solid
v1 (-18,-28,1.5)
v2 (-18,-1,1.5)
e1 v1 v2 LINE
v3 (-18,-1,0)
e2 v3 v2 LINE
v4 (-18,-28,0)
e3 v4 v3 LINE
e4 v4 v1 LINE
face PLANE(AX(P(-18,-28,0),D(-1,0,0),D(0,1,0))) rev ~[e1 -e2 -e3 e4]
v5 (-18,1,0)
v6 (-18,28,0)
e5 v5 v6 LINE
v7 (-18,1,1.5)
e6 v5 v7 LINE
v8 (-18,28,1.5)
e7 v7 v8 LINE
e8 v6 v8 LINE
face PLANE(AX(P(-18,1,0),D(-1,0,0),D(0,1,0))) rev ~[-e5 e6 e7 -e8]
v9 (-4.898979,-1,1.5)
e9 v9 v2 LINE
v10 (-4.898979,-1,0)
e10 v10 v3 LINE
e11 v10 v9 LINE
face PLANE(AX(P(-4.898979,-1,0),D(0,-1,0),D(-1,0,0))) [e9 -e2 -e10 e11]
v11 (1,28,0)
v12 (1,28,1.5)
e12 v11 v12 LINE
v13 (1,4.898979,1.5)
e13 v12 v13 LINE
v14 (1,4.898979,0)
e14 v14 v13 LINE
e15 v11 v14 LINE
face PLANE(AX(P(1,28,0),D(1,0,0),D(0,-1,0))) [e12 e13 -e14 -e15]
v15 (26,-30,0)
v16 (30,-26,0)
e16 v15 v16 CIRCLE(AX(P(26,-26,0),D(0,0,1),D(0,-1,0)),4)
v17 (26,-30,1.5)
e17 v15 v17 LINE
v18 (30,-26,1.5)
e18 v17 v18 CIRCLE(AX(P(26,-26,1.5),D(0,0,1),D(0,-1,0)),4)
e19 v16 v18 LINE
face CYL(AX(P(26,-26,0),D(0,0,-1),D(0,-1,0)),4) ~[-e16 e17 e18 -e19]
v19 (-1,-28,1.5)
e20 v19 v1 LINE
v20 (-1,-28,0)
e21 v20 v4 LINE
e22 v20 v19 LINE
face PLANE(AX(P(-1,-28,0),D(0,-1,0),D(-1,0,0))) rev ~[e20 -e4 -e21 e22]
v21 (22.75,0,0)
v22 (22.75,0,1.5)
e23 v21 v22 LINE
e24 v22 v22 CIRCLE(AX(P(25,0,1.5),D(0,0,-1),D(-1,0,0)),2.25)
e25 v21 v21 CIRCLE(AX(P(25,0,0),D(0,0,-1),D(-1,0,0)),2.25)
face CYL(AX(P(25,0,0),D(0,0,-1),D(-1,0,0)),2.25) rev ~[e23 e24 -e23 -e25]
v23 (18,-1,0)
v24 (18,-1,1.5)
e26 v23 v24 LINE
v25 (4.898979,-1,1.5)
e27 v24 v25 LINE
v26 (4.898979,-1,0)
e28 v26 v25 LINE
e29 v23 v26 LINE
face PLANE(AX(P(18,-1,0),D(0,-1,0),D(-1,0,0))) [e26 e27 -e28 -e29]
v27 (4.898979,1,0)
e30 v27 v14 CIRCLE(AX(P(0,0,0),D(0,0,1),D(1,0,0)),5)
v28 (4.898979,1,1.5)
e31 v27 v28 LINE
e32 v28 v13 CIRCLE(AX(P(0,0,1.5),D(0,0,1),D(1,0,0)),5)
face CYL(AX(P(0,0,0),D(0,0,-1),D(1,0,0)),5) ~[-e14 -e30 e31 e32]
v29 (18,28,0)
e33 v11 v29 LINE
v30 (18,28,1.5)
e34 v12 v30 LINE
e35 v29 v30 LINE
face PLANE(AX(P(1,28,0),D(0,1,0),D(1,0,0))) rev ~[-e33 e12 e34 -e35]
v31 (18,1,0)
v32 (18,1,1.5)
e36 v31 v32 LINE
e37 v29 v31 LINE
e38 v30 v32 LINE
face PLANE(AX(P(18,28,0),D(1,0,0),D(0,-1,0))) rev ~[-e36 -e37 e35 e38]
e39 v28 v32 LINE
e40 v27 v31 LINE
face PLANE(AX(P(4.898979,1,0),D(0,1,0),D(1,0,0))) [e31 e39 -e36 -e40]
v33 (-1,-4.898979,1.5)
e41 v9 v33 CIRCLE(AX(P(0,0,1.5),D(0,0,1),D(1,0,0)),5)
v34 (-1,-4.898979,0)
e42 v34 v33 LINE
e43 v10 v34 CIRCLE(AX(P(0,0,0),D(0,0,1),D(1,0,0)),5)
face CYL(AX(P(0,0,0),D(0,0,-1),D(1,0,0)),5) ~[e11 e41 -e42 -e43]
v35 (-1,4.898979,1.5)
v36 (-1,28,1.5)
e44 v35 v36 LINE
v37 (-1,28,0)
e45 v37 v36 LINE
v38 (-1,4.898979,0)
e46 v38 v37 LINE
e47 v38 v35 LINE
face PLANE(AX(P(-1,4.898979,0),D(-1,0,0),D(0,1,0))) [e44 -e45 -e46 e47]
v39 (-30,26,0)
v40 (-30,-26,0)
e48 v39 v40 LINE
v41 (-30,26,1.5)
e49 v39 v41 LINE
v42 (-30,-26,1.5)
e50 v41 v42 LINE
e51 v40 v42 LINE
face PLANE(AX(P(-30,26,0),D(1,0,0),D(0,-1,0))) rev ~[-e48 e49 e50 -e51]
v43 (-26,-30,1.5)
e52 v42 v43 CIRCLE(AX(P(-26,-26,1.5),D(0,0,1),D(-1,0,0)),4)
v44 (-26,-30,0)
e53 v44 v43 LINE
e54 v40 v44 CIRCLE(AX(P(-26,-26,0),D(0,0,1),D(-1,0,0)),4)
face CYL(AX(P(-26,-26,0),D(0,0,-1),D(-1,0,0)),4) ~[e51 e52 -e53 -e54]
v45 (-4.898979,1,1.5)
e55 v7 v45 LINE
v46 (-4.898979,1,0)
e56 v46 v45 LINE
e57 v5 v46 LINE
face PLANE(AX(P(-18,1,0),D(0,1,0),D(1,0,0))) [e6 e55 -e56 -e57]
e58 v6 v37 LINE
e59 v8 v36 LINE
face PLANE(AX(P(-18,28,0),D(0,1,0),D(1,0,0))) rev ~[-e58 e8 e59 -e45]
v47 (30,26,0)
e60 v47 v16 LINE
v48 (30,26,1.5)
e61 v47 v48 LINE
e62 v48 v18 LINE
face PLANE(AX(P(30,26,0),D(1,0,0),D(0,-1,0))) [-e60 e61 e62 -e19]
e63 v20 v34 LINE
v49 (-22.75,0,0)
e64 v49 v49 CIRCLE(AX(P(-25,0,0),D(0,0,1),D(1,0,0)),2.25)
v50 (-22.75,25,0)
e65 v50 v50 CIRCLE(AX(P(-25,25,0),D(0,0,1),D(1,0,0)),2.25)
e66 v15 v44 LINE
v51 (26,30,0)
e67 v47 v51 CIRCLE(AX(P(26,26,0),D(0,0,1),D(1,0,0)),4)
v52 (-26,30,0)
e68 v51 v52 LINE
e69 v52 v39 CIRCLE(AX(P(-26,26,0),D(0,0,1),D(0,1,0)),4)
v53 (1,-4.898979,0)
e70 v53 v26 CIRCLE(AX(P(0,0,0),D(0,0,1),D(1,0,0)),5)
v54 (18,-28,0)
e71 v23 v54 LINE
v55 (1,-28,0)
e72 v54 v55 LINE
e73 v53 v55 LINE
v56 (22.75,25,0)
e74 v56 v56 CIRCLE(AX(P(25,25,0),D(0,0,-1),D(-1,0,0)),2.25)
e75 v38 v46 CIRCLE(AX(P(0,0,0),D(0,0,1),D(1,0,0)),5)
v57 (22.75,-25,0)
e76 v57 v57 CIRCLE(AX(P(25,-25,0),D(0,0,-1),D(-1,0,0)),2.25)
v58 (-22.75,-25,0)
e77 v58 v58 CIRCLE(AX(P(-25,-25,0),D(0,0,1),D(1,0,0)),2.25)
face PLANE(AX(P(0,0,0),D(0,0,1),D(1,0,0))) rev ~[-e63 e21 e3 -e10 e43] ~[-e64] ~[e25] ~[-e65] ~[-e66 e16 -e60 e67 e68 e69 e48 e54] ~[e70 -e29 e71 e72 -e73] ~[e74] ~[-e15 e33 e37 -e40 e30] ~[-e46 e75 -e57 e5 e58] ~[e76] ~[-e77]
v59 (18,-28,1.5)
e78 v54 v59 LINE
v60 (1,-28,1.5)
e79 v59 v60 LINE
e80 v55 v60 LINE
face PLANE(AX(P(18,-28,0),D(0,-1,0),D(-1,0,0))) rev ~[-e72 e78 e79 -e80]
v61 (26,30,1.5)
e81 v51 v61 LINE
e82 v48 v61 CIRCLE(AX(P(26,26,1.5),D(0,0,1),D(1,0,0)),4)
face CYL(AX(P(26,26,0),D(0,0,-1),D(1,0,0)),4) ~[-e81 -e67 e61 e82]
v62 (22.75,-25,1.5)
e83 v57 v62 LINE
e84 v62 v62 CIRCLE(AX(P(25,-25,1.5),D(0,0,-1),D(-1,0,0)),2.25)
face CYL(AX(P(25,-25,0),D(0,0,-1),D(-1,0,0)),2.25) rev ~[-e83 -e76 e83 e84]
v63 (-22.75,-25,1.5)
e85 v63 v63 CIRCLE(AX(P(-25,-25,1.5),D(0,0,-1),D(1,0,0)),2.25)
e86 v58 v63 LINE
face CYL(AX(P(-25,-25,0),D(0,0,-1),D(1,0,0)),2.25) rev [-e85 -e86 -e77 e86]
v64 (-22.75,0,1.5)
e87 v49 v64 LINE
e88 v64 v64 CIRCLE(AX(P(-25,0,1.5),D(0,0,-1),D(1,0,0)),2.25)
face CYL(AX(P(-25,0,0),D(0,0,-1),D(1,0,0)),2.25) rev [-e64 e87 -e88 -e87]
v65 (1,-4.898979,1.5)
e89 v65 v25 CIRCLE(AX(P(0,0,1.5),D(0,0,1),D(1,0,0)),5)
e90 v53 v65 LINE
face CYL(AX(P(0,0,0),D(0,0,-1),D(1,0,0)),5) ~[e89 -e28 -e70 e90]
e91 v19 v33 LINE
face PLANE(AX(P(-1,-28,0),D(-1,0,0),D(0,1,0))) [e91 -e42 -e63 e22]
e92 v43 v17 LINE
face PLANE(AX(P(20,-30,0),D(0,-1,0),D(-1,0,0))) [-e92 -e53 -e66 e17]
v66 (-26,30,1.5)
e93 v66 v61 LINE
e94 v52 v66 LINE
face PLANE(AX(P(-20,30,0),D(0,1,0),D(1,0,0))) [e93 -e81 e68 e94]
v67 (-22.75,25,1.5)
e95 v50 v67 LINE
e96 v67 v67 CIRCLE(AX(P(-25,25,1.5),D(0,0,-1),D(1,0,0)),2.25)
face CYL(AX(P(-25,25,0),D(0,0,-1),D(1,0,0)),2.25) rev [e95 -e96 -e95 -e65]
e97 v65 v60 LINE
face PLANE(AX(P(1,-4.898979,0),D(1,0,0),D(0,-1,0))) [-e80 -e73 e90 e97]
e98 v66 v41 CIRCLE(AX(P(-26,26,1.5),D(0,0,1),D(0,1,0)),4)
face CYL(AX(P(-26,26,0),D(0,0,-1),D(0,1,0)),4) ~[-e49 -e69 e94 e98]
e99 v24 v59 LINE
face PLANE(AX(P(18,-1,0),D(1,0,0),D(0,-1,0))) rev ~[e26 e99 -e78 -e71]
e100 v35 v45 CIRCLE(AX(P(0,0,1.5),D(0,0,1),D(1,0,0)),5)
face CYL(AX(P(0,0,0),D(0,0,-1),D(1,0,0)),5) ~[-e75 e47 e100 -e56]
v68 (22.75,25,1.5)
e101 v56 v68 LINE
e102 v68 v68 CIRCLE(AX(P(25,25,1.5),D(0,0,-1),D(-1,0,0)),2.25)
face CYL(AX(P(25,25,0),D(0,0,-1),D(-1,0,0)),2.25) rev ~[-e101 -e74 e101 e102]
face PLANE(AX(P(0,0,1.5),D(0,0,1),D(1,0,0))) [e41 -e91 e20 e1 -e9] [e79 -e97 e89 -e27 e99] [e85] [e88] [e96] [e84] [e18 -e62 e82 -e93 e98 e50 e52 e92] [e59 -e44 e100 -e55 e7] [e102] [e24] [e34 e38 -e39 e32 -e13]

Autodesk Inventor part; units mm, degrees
ref_plane "YZ Plane" through (0, 0, 0) normal (1, 0, 0) x (0, 1, 0)
ref_plane "XZ Plane" through (0, 0, 0) normal (0, 1, 0) x (-1, 0, 0)
ref_plane "XY Plane" through (0, 0, 0) normal (0, 0, 1) x (1, 0, 0)
sketch "Sketch1" plane through (0, 0, 0) normal (0, 0, 1) x (1, 0, 0)
  line L0 (-20, 30) -> (20, 30)
  line L1 (20, 30) -> (20, -30)
  line L2 (20, -30) -> (-20, -30)
  line L3 (-20, -30) -> (-20, 30)
  line L4 (-20, 30) -> (-26, 30)
  line L5 (-30, 26) -> (-30, -26)
  line L6 (-26, -30) -> (-20, -30)
  line L7 (-20, -30) -> (-20, 30)
  line L8 (20, 30) -> (26, 30)
  line L9 (30, 26) -> (30, -26)
  line L10 (26, -30) -> (20, -30)
  line L11 (20, -30) -> (20, 30)
  line L12 (-43.9092, 0) -> (47.176, 0) construction
  circle A0 centre (-25, 0) radius 2.25
  line L13 (-30, 20) -> (30, 20) construction
  circle A1 centre (-25, 25) radius 2.25
  line L14 (-30, -20) -> (30, -20) construction
  circle A2 centre (-25, -25) radius 2.25
  line L15 (-30, 5) -> (30, 5) construction
  line L16 (-30, -5) -> (30, -5) construction
  line L17 (-28, 18) -> (-22, 18)
  line L18 (-22, 18) -> (-22, 7)
  line L19 (-22, 7) -> (-28, 7)
  line L20 (-28, 7) -> (-28, 18)
  line L21 (-18, 28) -> (18, 28)
  line L22 (18, 28) -> (18, -28)
  line L23 (18, -28) -> (-18, -28)
  line L24 (-18, -28) -> (-18, 28)
  line L25 (-18, 1) -> (18, 1)
  line L26 (18, 1) -> (18, -1)
  line L27 (18, -1) -> (-18, -1)
  line L28 (-18, -1) -> (-18, 1)
  line L29 (-1, 28) -> (1, 28)
  line L30 (1, 28) -> (1, -28)
  line L31 (1, -28) -> (-1, -28)
  line L32 (-1, -28) -> (-1, 28)
  arc A3 (-26, 30) -> (-30, 26) centre (-26, 26) ccw
  arc A4 (-30, -26) -> (-26, -30) centre (-26, -26) ccw
  arc A5 (26, -30) -> (30, -26) centre (26, -26) ccw
  arc A6 (30, 26) -> (26, 30) centre (26, 26) ccw
  circle A7 centre (0, 0) radius 5
  point P0 (0, 30)
  point P1 (20, 0)
  point P2 (-30, -30)
  point P3 (30, -30)
  point P4 (-18, 0)
  point P5 (0, 28)
  dimension "d0" = 40
  dimension "d1" = 60
  dimension "d2" = 10
  dimension "d3" = 10
  dimension "d4" = 4.5
  dimension "d5" = 10
  dimension "d6" = 4.5
  dimension "d7" = 5
  dimension "d8" = 4.5
  dimension "d9" = 5
  dimension "d10" = 5
  dimension "d11" = 5
  dimension "d12" = 5
  dimension "d13" = 10
  dimension "d14" = 5
  dimension "d15" = 5
  dimension "d16" = 2
  dimension "d17" = 2
  dimension "d18" = 2
  dimension "d19" = 2
  dimension "d20" = 2
  dimension "d21" = 2
  dimension "d22" = 2
  dimension "d23" = 2
  dimension "d24" = 2
  dimension "d25" = 2
  dimension "d26" = 4
  dimension "d33" = 10
extrude "Extrusion1" add sketch "Sketch1" along normal blind 1.5 contours L0 L1 L2 L3 | L3 L6 A4 L5 A3 L4 | L8 A6 L9 A5 L10 L1 | A0 | A1 | A2 | L17 L18 L19 L20 | L21 L30 A7 L32 | L25 A7 L27 L24 | A7 L30 L25 L32 | L32 L25 A7 | L25 L32 L27 A7 | A7 L25 L30 | L25 L30 L27 L32 | L27 L32 A7 | L22 L27 A7 L25 | L25 A7 L27 L30 | L27 L30 A7 L32 | L32 A7 L30 L23 | L27 A7 L30
extrude "Extrusion2" cut sketch "Sketch1" along normal blind 2 contours A0 | A1 | A2
mirror "Mirror2" about plane through (0, 0, 0) normal (1, 0, 0) of "Extrusion2"
equation "\"d4\" = screw"
equation "\"d6\" = screw"
equation "\"d8\" = screw"
equation "\"screw\" = 4.5"
properties part number "MechBottomPlate"
